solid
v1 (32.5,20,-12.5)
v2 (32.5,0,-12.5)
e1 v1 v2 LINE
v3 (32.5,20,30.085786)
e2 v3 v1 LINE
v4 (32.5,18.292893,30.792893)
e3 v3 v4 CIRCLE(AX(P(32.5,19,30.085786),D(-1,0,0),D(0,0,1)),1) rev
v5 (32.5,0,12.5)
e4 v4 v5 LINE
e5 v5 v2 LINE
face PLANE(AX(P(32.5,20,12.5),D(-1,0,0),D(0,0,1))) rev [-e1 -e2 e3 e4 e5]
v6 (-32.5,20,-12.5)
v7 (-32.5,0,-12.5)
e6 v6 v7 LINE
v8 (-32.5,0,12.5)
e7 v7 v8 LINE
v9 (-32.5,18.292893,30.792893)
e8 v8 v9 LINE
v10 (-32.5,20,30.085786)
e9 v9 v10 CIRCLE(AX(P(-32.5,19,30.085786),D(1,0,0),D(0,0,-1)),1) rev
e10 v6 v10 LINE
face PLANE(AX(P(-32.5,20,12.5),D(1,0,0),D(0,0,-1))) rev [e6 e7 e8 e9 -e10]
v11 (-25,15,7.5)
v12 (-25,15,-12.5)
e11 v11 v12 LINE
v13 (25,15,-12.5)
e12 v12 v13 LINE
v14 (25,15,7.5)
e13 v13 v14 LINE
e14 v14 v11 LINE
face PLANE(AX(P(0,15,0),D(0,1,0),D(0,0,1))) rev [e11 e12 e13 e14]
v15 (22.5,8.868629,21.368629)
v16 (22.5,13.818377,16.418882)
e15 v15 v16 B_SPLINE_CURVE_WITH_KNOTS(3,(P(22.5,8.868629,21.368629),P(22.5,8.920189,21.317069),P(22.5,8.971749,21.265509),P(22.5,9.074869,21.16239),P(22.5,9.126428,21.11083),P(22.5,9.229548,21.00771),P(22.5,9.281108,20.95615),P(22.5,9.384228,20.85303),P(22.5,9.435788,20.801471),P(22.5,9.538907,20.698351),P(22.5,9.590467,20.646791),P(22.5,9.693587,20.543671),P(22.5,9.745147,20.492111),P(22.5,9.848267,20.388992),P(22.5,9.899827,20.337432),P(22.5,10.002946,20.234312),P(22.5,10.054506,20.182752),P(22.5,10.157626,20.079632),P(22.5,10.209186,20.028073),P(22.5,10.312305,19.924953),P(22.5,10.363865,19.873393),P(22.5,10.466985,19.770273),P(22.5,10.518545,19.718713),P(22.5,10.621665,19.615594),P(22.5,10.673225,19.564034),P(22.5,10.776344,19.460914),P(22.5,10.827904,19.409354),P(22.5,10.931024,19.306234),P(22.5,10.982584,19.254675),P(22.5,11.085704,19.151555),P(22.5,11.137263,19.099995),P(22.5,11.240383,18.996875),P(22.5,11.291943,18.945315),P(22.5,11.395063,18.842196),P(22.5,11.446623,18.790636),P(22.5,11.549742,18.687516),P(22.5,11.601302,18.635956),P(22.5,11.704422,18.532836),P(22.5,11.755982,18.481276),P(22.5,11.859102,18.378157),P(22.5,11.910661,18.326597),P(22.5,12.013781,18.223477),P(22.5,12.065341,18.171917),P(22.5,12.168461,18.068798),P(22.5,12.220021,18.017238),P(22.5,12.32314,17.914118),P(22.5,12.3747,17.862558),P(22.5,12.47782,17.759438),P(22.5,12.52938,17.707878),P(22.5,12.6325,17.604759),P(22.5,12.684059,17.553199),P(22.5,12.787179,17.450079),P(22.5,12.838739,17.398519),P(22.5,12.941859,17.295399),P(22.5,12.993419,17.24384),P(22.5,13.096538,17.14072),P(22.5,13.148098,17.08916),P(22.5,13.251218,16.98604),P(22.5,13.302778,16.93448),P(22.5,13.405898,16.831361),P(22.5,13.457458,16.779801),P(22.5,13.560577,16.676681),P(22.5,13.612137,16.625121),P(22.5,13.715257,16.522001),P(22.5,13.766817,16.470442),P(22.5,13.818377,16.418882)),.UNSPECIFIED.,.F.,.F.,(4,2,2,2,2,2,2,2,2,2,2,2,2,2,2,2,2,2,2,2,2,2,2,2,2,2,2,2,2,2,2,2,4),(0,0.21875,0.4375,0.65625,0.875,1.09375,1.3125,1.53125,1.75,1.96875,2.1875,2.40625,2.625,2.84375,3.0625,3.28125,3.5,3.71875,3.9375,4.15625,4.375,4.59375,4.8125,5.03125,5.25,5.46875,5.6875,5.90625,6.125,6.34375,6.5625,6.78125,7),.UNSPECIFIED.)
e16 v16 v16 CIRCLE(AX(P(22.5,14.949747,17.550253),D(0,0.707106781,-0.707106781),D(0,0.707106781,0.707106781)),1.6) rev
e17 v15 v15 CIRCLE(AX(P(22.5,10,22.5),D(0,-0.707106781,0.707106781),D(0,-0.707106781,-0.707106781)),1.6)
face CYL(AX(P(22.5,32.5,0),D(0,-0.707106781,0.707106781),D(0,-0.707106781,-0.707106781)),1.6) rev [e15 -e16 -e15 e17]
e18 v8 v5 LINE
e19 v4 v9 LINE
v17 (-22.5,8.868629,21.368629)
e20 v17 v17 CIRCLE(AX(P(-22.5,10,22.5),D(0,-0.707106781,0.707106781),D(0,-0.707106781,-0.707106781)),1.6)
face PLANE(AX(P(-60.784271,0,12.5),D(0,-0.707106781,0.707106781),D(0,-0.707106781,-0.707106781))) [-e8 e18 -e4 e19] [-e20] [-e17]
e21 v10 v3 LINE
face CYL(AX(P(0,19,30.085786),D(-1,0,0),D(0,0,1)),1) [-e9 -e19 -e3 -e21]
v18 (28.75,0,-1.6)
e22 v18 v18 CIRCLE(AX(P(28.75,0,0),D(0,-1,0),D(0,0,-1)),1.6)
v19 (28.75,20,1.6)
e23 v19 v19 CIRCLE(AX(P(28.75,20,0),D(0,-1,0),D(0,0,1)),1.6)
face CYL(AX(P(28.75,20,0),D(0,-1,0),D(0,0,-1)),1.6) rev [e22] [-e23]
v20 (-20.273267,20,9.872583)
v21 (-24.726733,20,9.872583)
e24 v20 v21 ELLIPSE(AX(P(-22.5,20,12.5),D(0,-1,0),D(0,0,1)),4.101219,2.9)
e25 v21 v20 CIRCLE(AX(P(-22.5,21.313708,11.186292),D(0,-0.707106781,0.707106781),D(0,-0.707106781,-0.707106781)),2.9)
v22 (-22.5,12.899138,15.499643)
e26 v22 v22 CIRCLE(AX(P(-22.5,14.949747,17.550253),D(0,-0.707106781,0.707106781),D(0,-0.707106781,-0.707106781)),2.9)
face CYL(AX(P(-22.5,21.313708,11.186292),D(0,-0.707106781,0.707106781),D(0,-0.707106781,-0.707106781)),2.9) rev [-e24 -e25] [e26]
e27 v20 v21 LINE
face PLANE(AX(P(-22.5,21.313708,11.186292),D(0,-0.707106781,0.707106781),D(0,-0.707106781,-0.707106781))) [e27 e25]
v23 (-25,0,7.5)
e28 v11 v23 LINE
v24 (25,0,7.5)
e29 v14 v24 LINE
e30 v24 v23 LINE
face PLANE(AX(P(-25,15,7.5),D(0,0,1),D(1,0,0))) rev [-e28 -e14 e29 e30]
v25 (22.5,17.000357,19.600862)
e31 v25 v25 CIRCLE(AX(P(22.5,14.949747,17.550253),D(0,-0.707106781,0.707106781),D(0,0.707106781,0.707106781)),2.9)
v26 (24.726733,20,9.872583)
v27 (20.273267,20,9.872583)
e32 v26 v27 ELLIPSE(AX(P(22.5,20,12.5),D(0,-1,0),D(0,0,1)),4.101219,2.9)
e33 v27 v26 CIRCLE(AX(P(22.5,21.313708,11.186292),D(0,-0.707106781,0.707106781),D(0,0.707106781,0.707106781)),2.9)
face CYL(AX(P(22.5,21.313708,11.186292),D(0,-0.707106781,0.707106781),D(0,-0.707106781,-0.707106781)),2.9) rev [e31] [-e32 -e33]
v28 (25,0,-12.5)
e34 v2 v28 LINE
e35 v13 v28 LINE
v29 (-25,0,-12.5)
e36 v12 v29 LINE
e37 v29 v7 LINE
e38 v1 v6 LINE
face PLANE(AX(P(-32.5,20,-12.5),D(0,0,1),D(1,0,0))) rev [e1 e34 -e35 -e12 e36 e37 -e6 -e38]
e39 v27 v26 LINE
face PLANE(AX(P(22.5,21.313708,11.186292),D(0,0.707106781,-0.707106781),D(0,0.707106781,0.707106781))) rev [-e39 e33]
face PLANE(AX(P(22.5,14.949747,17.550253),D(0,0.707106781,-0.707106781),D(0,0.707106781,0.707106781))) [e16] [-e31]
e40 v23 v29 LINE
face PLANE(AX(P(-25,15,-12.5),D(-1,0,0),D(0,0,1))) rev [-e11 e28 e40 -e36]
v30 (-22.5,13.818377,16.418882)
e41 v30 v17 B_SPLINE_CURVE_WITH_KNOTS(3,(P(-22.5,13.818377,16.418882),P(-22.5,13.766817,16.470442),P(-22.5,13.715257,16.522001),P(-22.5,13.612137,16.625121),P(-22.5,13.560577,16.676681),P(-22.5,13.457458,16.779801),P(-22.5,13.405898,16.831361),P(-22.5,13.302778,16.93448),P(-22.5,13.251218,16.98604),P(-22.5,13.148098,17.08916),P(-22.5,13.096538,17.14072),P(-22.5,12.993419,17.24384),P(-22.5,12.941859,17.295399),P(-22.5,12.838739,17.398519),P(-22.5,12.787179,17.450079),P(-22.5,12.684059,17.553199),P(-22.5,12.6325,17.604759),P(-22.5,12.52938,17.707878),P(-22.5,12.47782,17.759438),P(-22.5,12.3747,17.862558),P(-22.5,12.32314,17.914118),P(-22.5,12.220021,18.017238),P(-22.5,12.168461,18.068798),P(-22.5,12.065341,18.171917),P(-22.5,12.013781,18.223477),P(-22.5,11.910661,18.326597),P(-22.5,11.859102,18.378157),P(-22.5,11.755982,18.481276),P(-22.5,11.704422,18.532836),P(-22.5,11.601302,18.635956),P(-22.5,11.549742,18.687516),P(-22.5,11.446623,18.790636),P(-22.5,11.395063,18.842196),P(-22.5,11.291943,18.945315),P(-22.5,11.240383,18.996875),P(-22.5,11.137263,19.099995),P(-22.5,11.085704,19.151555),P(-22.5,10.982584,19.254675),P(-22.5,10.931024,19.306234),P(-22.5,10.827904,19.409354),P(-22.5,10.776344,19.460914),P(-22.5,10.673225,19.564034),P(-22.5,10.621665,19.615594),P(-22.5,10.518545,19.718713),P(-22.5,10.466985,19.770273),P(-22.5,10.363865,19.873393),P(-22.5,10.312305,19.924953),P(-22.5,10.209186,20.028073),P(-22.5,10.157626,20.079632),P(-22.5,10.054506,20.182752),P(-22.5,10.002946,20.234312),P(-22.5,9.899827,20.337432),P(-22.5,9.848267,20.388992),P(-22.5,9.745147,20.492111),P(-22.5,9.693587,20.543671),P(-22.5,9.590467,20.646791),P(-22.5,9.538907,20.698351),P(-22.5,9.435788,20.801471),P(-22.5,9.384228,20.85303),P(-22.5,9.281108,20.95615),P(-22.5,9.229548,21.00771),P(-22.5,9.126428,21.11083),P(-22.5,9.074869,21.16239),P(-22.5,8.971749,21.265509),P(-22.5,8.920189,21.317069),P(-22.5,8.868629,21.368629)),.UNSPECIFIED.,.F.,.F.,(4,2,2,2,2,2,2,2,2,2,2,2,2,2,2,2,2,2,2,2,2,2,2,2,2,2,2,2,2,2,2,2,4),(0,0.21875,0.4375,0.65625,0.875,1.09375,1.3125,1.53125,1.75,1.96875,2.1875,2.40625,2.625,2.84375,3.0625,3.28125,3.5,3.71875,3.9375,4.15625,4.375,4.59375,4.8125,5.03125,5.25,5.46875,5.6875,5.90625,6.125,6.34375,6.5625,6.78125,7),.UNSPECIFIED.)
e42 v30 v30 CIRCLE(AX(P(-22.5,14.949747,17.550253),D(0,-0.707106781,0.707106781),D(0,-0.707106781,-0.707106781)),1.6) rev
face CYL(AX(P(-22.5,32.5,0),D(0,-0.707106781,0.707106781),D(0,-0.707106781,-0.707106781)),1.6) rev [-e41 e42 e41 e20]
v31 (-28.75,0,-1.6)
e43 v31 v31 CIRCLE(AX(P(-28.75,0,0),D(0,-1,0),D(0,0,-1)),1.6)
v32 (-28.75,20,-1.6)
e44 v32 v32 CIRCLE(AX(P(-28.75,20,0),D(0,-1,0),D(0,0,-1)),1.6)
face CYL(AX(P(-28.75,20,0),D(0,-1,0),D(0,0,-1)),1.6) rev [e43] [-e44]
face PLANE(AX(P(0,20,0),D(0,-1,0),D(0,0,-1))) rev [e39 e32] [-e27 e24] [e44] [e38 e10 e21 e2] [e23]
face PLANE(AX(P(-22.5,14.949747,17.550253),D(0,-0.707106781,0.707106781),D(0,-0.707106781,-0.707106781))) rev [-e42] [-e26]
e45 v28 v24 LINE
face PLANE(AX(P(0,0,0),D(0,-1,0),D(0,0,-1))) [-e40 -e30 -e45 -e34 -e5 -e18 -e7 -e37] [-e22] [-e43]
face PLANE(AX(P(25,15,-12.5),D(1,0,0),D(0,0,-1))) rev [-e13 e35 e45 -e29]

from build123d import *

# Parameters (mm, degrees)
SKETCH_1_W               = 65
SKETCH_1_H               = 25
EXTRUDE_1_DEPTH          = 20
EXTRUDE_2_DEPTH          = 65
SKETCH_3_W               = 50
SKETCH_3_H               = 20
CUT_EXTRUDE_1_DEPTH      = 15
CUT_EXTRUDE_2_DEPTH      = 50.33938589
CUT_EXTRUDE_2_DEPTH_BACK = 50.33938589
SKETCH_4_R               = 1.6
CUT_EXTRUDE_START        = -7
SKETCH_5_R               = 2.9
CUT_EXTRUDE_3_DEPTH      = 9
CUT_EXTRUDE_4_DEPTH      = 51.124844139
CUT_EXTRUDE_4_DEPTH_BACK = 51.124844139
SKETCH_6_R               = 1.6
FILLET_1_R               = 1


with BuildPart() as part:
    # 草图1 → 凸台-拉伸1 (new body)
    with BuildSketch(Plane(origin=(0, 0, 0), x_dir=(1, 0, 0), z_dir=(0, 1, 0))):
        Rectangle(SKETCH_1_W, SKETCH_1_H)
    extrude(amount=EXTRUDE_1_DEPTH)

    # 草图2 → 凸台-拉伸2 (add)
    with BuildSketch(Plane(origin=(32.5, 0, 0), x_dir=(0, 0, -1), z_dir=(1, 0, 0))):
        Polygon((-12.5, 0), (-32.5, 20), (-12.5, 20), align=None)
    extrude(amount=-EXTRUDE_2_DEPTH)

    # 草图3 → 切除-拉伸1 (cut)
    with BuildSketch(Plane.XZ):
        with Locations((0, -2.5)):
            Rectangle(SKETCH_3_W, SKETCH_3_H)
    extrude(amount=-CUT_EXTRUDE_1_DEPTH, mode=Mode.SUBTRACT)

    # 草图4 → 切除-拉伸2 (cut, two sides: drawn at the far end of the back side and taken through both)
    with BuildSketch(Plane(origin=(0, -6.25, 6.25), x_dir=(1, 0, 0), z_dir=(0, -0.7071067811865489, 0.7071067811865462)).offset(-CUT_EXTRUDE_2_DEPTH_BACK)):
        with Locations(Location((-22.5, 22.980970389, 0), (0, 0, 270))):
            Circle(SKETCH_4_R)
        with Locations(Location((22.5, 22.980970389, 0), (0, 0, 270))):
            Circle(SKETCH_4_R)
    extrude(amount=CUT_EXTRUDE_2_DEPTH + CUT_EXTRUDE_2_DEPTH_BACK, mode=Mode.SUBTRACT)

    # 草图5 → 切除-拉伸3 (cut)
    with BuildSketch(Plane(origin=(0, -6.25, 6.25), x_dir=(1, 0, 0), z_dir=(0, -0.7071067811865489, 0.7071067811865462)).offset(CUT_EXTRUDE_START)):
        with Locations(Location((-22.5, 22.980970389, 0), (0, 0, 270))):
            Circle(SKETCH_5_R)
        with Locations(Location((22.5, 22.980970389, 0), (0, 0, 320.160225214))):
            Circle(SKETCH_5_R)
    extrude(amount=-CUT_EXTRUDE_3_DEPTH, mode=Mode.SUBTRACT)

    # 草图6 → 切除-拉伸4 (cut, two sides: drawn at the far end of the back side and taken through both)
    with BuildSketch(Plane.XZ.offset(-CUT_EXTRUDE_4_DEPTH_BACK)):
        with Locations(Location((-28.75, 0, 0), (0, 0, 270))):
            Circle(SKETCH_6_R)
        with Locations(Location((28.75, 0, 0), (0, 0, 270))):
            Circle(SKETCH_6_R)
    extrude(amount=CUT_EXTRUDE_4_DEPTH + CUT_EXTRUDE_4_DEPTH_BACK, mode=Mode.SUBTRACT)

    # 圆角1
    fillet_1_edges = [part.edges().sort_by_distance(p)[0] for p in [
        (0, 20, 32.5),
    ]]
    fillet(fillet_1_edges, radius=FILLET_1_R)


solid = part.part
